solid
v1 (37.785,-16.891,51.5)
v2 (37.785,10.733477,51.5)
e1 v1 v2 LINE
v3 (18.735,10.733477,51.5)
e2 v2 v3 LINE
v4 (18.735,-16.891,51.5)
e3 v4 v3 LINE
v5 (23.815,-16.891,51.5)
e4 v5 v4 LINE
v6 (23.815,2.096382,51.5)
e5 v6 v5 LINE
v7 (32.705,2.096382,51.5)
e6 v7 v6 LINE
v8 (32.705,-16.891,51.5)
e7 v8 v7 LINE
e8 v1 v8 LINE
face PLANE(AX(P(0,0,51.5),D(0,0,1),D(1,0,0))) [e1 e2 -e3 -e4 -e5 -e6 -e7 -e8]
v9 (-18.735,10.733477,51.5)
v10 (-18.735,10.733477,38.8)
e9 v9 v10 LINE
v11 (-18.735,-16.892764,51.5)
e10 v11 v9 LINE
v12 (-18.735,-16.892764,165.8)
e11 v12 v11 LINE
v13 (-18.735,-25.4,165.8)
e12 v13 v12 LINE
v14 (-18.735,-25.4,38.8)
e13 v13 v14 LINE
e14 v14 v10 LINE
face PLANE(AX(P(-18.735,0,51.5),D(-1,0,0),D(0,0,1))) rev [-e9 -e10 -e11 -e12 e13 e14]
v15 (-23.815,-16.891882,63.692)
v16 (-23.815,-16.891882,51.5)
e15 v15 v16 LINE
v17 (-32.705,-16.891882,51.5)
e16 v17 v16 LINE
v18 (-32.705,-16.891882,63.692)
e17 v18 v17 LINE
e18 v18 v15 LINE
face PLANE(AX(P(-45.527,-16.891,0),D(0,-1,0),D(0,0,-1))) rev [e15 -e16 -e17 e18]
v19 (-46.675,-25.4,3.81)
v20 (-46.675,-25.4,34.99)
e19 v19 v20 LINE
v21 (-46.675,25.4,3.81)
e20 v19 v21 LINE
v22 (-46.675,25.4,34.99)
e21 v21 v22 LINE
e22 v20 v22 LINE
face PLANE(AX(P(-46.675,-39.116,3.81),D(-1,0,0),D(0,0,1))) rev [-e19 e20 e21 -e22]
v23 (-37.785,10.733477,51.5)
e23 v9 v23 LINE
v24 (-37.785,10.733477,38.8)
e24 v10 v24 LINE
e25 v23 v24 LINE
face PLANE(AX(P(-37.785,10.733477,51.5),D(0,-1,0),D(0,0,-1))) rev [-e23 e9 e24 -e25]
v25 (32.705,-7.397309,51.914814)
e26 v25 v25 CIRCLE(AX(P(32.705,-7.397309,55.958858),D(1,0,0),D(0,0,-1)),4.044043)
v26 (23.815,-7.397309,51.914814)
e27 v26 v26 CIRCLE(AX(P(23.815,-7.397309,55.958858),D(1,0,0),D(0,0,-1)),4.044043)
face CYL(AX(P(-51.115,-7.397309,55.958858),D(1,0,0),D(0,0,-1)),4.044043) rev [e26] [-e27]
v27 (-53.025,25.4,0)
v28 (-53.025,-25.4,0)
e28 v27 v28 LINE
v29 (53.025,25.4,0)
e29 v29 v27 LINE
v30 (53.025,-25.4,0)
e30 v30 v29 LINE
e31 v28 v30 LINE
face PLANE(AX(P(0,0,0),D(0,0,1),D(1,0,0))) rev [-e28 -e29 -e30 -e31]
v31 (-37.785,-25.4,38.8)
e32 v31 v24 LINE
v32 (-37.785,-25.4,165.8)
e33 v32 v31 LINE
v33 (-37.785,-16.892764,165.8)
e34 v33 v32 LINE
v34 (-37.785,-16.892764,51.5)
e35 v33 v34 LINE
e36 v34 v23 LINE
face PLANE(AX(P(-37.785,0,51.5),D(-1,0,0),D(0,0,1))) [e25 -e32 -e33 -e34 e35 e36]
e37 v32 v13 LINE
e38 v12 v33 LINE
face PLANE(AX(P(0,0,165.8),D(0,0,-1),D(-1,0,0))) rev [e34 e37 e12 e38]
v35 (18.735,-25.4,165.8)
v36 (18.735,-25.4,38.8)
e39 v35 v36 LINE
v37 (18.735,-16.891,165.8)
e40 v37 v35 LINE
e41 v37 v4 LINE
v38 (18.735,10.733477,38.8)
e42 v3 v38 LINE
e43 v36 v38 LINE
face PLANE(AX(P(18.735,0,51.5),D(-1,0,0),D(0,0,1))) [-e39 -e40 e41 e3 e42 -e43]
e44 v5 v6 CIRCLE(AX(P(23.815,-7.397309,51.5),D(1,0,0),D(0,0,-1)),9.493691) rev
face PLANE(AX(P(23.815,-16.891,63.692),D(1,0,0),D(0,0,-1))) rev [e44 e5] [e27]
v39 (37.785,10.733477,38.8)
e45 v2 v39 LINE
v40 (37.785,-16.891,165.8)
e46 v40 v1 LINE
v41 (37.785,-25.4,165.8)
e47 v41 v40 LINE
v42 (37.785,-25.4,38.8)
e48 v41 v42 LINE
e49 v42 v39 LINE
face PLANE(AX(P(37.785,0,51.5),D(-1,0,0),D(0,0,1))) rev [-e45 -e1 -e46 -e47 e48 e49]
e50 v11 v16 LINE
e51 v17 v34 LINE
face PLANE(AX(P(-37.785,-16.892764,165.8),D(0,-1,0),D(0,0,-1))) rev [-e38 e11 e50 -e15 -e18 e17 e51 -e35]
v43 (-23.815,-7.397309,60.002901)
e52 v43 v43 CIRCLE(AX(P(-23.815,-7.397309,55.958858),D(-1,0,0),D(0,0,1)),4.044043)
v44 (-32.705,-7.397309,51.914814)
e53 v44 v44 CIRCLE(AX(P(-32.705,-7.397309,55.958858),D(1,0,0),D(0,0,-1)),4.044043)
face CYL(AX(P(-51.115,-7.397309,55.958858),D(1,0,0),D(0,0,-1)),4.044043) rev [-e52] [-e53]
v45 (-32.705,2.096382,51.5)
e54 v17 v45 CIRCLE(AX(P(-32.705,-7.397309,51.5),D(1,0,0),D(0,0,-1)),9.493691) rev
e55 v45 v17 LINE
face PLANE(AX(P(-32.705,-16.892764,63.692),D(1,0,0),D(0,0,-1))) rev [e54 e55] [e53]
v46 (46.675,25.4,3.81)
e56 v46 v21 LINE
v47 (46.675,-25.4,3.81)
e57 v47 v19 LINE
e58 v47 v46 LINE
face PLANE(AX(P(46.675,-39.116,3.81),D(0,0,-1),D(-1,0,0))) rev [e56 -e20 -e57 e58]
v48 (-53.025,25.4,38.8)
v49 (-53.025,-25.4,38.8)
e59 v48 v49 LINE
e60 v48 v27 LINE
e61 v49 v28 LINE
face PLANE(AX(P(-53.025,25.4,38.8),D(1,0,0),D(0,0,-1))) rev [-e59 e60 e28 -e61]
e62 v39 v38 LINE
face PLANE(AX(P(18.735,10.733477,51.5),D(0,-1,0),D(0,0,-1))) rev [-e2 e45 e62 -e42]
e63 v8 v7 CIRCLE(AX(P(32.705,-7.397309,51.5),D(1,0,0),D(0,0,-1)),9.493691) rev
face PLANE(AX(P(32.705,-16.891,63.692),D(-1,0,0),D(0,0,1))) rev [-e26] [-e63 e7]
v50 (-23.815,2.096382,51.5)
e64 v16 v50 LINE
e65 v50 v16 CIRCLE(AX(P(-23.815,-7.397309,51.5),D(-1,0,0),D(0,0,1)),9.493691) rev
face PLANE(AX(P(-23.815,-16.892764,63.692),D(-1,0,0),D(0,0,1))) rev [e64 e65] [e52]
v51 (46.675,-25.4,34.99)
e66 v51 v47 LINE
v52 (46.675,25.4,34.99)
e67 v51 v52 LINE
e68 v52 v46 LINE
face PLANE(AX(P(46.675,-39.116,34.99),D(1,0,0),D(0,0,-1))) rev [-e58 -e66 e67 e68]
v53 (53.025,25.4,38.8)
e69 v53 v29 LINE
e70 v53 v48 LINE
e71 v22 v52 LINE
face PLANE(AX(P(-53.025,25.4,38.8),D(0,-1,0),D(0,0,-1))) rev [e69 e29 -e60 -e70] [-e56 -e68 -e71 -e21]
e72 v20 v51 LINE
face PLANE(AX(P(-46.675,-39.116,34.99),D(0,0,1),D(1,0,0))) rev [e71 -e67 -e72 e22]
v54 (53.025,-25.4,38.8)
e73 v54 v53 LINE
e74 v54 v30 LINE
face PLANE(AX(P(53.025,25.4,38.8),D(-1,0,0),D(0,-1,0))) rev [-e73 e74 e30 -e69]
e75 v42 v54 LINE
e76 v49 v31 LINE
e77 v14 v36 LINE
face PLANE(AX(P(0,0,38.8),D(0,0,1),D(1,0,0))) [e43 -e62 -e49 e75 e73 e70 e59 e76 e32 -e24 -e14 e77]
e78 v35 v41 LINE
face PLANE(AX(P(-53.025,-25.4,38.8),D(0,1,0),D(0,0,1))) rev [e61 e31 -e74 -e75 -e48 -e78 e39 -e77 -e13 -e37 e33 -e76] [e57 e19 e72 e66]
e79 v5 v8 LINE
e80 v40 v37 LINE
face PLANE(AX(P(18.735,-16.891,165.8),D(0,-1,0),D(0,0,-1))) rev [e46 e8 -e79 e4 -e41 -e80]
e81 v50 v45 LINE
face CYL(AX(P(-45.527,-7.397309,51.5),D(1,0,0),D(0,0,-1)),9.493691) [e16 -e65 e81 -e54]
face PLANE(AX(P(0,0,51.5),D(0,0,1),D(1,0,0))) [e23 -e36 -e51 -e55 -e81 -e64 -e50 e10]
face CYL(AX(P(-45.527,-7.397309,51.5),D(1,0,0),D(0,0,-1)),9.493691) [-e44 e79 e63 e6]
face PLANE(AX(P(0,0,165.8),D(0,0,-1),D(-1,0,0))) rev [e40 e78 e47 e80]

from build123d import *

# Parameters (mm, degrees)
SKETCH1_W           = 106.04999999
SKETCH1_H           = 50.8
BOSS_EXTRUDE1_DEPTH = 38.800000124
SKETCH3_W           = 93.34999999
SKETCH3_H           = 31.180000124
CUT_EXTRUDE1_DEPTH  = 64.516
BOSS_EXTRUDE2_DEPTH = 12.7
SKETCH8_W           = 19.05
SKETCH8_H           = 8.507235526
SKETCH8_H_2         = 8.509
BOSS_EXTRUDE3_DEPTH = 114.3
SKETCH9_W           = 19.05
SKETCH9_H           = 19.119005999
SKETCH9_H_2         = 19.115477052
BOSS_EXTRUDE4_DEPTH = 12.7
SKETCH10_W          = 8.89
SKETCH10_H          = 18.989146711
SKETCH10_H_2        = 18.987382237
BOSS_EXTRUDE5_DEPTH = 12.192
CUT_EXTRUDE7_DEPTH  = 78.232
SKETCH13_R          = 4.044043228
CUT_EXTRUDE9_DEPTH  = 83.82


with BuildPart() as part:
    # Sketch1 → Boss-Extrude1 (new body)
    with BuildSketch(Plane.XY):
        Rectangle(SKETCH1_W, SKETCH1_H)
    extrude(amount=BOSS_EXTRUDE1_DEPTH)

    # Sketch3 → Cut-Extrude1 (cut)
    with BuildSketch(Plane(origin=(0, 25.4, 0), x_dir=(1, 0, 0), z_dir=(0, 1, 0))):
        with Locations((0, -19.400000062)):
            Rectangle(SKETCH3_W, SKETCH3_H)
    extrude(amount=-CUT_EXTRUDE1_DEPTH, mode=Mode.SUBTRACT)

    # Sketch7 → Boss-Extrude2 (add)
    with BuildSketch(Plane.XY.offset(38.800000124)):
        Polygon((-37.784999995, -21.634664683), (-37.784999995, -25.4), (-18.734999995, -25.4), (-18.734999995, -21.634664683), (-18.734999995, -8.385528947), (-37.784999995, -8.385528947), align=None)
        Polygon((18.734999995, -21.634664683), (18.734999995, -25.4), (37.784999995, -25.4), (37.784999995, -21.634664683), (37.784999995, -8.382), (18.734999995, -8.382), align=None)
    extrude(amount=BOSS_EXTRUDE2_DEPTH)

    # Sketch8 → Boss-Extrude3 (add)
    with BuildSketch(Plane.XY.offset(51.500000124)):
        with Locations((-28.259999995, -21.146382237)):
            Rectangle(SKETCH8_W, SKETCH8_H)
        with Locations((28.259999995, -21.1455)):
            Rectangle(SKETCH8_W, SKETCH8_H_2)
    extrude(amount=BOSS_EXTRUDE3_DEPTH)

    # Sketch9 → Boss-Extrude4 (add)
    with BuildSketch(Plane.XY.offset(38.800000124)):
        with Locations((-28.259999995, 1.173974053)):
            Rectangle(SKETCH9_W, SKETCH9_H)
        with Locations((28.259999995, 1.175738526)):
            Rectangle(SKETCH9_W, SKETCH9_H_2)
    extrude(amount=BOSS_EXTRUDE4_DEPTH)

    # Sketch10 → Boss-Extrude5 (add)
    with BuildSketch(Plane.XY.offset(51.500000124)):
        with Locations((-28.259999995, -7.398191118)):
            Rectangle(SKETCH10_W, SKETCH10_H)
        with Locations((28.259999995, -7.397308882)):
            Rectangle(SKETCH10_W, SKETCH10_H_2)
    extrude(amount=BOSS_EXTRUDE5_DEPTH)

    # Sketch11 → Cut-Extrude7 (cut)
    with BuildSketch(Plane(origin=(32.704999995, 0, 0), x_dir=(0, 0, -1), z_dir=(1, 0, 0))):
        with BuildLine():
            ThreePointArc((-51.500000124, -16.891), (-60.993691242, -7.397308882), (-51.500000124, 2.096382237))
            Line((-51.500000124, 2.096382237), (-63.692000124, 2.096382237))
            Line((-63.692000124, 2.096382237), (-63.692000124, -16.891))
            Line((-63.692000124, -16.891), (-51.500000124, -16.891))
        make_face()
    extrude(amount=-CUT_EXTRUDE7_DEPTH, mode=Mode.SUBTRACT)

    # Sketch13 → Cut-Extrude9 (cut)
    with BuildSketch(Plane(origin=(32.704999995, 0, 0), x_dir=(0, 0, -1), z_dir=(1, 0, 0))):
        with Locations((-55.958857725, -7.397308882)):
            Circle(SKETCH13_R)
    extrude(amount=-CUT_EXTRUDE9_DEPTH, mode=Mode.SUBTRACT)


solid = part.part
